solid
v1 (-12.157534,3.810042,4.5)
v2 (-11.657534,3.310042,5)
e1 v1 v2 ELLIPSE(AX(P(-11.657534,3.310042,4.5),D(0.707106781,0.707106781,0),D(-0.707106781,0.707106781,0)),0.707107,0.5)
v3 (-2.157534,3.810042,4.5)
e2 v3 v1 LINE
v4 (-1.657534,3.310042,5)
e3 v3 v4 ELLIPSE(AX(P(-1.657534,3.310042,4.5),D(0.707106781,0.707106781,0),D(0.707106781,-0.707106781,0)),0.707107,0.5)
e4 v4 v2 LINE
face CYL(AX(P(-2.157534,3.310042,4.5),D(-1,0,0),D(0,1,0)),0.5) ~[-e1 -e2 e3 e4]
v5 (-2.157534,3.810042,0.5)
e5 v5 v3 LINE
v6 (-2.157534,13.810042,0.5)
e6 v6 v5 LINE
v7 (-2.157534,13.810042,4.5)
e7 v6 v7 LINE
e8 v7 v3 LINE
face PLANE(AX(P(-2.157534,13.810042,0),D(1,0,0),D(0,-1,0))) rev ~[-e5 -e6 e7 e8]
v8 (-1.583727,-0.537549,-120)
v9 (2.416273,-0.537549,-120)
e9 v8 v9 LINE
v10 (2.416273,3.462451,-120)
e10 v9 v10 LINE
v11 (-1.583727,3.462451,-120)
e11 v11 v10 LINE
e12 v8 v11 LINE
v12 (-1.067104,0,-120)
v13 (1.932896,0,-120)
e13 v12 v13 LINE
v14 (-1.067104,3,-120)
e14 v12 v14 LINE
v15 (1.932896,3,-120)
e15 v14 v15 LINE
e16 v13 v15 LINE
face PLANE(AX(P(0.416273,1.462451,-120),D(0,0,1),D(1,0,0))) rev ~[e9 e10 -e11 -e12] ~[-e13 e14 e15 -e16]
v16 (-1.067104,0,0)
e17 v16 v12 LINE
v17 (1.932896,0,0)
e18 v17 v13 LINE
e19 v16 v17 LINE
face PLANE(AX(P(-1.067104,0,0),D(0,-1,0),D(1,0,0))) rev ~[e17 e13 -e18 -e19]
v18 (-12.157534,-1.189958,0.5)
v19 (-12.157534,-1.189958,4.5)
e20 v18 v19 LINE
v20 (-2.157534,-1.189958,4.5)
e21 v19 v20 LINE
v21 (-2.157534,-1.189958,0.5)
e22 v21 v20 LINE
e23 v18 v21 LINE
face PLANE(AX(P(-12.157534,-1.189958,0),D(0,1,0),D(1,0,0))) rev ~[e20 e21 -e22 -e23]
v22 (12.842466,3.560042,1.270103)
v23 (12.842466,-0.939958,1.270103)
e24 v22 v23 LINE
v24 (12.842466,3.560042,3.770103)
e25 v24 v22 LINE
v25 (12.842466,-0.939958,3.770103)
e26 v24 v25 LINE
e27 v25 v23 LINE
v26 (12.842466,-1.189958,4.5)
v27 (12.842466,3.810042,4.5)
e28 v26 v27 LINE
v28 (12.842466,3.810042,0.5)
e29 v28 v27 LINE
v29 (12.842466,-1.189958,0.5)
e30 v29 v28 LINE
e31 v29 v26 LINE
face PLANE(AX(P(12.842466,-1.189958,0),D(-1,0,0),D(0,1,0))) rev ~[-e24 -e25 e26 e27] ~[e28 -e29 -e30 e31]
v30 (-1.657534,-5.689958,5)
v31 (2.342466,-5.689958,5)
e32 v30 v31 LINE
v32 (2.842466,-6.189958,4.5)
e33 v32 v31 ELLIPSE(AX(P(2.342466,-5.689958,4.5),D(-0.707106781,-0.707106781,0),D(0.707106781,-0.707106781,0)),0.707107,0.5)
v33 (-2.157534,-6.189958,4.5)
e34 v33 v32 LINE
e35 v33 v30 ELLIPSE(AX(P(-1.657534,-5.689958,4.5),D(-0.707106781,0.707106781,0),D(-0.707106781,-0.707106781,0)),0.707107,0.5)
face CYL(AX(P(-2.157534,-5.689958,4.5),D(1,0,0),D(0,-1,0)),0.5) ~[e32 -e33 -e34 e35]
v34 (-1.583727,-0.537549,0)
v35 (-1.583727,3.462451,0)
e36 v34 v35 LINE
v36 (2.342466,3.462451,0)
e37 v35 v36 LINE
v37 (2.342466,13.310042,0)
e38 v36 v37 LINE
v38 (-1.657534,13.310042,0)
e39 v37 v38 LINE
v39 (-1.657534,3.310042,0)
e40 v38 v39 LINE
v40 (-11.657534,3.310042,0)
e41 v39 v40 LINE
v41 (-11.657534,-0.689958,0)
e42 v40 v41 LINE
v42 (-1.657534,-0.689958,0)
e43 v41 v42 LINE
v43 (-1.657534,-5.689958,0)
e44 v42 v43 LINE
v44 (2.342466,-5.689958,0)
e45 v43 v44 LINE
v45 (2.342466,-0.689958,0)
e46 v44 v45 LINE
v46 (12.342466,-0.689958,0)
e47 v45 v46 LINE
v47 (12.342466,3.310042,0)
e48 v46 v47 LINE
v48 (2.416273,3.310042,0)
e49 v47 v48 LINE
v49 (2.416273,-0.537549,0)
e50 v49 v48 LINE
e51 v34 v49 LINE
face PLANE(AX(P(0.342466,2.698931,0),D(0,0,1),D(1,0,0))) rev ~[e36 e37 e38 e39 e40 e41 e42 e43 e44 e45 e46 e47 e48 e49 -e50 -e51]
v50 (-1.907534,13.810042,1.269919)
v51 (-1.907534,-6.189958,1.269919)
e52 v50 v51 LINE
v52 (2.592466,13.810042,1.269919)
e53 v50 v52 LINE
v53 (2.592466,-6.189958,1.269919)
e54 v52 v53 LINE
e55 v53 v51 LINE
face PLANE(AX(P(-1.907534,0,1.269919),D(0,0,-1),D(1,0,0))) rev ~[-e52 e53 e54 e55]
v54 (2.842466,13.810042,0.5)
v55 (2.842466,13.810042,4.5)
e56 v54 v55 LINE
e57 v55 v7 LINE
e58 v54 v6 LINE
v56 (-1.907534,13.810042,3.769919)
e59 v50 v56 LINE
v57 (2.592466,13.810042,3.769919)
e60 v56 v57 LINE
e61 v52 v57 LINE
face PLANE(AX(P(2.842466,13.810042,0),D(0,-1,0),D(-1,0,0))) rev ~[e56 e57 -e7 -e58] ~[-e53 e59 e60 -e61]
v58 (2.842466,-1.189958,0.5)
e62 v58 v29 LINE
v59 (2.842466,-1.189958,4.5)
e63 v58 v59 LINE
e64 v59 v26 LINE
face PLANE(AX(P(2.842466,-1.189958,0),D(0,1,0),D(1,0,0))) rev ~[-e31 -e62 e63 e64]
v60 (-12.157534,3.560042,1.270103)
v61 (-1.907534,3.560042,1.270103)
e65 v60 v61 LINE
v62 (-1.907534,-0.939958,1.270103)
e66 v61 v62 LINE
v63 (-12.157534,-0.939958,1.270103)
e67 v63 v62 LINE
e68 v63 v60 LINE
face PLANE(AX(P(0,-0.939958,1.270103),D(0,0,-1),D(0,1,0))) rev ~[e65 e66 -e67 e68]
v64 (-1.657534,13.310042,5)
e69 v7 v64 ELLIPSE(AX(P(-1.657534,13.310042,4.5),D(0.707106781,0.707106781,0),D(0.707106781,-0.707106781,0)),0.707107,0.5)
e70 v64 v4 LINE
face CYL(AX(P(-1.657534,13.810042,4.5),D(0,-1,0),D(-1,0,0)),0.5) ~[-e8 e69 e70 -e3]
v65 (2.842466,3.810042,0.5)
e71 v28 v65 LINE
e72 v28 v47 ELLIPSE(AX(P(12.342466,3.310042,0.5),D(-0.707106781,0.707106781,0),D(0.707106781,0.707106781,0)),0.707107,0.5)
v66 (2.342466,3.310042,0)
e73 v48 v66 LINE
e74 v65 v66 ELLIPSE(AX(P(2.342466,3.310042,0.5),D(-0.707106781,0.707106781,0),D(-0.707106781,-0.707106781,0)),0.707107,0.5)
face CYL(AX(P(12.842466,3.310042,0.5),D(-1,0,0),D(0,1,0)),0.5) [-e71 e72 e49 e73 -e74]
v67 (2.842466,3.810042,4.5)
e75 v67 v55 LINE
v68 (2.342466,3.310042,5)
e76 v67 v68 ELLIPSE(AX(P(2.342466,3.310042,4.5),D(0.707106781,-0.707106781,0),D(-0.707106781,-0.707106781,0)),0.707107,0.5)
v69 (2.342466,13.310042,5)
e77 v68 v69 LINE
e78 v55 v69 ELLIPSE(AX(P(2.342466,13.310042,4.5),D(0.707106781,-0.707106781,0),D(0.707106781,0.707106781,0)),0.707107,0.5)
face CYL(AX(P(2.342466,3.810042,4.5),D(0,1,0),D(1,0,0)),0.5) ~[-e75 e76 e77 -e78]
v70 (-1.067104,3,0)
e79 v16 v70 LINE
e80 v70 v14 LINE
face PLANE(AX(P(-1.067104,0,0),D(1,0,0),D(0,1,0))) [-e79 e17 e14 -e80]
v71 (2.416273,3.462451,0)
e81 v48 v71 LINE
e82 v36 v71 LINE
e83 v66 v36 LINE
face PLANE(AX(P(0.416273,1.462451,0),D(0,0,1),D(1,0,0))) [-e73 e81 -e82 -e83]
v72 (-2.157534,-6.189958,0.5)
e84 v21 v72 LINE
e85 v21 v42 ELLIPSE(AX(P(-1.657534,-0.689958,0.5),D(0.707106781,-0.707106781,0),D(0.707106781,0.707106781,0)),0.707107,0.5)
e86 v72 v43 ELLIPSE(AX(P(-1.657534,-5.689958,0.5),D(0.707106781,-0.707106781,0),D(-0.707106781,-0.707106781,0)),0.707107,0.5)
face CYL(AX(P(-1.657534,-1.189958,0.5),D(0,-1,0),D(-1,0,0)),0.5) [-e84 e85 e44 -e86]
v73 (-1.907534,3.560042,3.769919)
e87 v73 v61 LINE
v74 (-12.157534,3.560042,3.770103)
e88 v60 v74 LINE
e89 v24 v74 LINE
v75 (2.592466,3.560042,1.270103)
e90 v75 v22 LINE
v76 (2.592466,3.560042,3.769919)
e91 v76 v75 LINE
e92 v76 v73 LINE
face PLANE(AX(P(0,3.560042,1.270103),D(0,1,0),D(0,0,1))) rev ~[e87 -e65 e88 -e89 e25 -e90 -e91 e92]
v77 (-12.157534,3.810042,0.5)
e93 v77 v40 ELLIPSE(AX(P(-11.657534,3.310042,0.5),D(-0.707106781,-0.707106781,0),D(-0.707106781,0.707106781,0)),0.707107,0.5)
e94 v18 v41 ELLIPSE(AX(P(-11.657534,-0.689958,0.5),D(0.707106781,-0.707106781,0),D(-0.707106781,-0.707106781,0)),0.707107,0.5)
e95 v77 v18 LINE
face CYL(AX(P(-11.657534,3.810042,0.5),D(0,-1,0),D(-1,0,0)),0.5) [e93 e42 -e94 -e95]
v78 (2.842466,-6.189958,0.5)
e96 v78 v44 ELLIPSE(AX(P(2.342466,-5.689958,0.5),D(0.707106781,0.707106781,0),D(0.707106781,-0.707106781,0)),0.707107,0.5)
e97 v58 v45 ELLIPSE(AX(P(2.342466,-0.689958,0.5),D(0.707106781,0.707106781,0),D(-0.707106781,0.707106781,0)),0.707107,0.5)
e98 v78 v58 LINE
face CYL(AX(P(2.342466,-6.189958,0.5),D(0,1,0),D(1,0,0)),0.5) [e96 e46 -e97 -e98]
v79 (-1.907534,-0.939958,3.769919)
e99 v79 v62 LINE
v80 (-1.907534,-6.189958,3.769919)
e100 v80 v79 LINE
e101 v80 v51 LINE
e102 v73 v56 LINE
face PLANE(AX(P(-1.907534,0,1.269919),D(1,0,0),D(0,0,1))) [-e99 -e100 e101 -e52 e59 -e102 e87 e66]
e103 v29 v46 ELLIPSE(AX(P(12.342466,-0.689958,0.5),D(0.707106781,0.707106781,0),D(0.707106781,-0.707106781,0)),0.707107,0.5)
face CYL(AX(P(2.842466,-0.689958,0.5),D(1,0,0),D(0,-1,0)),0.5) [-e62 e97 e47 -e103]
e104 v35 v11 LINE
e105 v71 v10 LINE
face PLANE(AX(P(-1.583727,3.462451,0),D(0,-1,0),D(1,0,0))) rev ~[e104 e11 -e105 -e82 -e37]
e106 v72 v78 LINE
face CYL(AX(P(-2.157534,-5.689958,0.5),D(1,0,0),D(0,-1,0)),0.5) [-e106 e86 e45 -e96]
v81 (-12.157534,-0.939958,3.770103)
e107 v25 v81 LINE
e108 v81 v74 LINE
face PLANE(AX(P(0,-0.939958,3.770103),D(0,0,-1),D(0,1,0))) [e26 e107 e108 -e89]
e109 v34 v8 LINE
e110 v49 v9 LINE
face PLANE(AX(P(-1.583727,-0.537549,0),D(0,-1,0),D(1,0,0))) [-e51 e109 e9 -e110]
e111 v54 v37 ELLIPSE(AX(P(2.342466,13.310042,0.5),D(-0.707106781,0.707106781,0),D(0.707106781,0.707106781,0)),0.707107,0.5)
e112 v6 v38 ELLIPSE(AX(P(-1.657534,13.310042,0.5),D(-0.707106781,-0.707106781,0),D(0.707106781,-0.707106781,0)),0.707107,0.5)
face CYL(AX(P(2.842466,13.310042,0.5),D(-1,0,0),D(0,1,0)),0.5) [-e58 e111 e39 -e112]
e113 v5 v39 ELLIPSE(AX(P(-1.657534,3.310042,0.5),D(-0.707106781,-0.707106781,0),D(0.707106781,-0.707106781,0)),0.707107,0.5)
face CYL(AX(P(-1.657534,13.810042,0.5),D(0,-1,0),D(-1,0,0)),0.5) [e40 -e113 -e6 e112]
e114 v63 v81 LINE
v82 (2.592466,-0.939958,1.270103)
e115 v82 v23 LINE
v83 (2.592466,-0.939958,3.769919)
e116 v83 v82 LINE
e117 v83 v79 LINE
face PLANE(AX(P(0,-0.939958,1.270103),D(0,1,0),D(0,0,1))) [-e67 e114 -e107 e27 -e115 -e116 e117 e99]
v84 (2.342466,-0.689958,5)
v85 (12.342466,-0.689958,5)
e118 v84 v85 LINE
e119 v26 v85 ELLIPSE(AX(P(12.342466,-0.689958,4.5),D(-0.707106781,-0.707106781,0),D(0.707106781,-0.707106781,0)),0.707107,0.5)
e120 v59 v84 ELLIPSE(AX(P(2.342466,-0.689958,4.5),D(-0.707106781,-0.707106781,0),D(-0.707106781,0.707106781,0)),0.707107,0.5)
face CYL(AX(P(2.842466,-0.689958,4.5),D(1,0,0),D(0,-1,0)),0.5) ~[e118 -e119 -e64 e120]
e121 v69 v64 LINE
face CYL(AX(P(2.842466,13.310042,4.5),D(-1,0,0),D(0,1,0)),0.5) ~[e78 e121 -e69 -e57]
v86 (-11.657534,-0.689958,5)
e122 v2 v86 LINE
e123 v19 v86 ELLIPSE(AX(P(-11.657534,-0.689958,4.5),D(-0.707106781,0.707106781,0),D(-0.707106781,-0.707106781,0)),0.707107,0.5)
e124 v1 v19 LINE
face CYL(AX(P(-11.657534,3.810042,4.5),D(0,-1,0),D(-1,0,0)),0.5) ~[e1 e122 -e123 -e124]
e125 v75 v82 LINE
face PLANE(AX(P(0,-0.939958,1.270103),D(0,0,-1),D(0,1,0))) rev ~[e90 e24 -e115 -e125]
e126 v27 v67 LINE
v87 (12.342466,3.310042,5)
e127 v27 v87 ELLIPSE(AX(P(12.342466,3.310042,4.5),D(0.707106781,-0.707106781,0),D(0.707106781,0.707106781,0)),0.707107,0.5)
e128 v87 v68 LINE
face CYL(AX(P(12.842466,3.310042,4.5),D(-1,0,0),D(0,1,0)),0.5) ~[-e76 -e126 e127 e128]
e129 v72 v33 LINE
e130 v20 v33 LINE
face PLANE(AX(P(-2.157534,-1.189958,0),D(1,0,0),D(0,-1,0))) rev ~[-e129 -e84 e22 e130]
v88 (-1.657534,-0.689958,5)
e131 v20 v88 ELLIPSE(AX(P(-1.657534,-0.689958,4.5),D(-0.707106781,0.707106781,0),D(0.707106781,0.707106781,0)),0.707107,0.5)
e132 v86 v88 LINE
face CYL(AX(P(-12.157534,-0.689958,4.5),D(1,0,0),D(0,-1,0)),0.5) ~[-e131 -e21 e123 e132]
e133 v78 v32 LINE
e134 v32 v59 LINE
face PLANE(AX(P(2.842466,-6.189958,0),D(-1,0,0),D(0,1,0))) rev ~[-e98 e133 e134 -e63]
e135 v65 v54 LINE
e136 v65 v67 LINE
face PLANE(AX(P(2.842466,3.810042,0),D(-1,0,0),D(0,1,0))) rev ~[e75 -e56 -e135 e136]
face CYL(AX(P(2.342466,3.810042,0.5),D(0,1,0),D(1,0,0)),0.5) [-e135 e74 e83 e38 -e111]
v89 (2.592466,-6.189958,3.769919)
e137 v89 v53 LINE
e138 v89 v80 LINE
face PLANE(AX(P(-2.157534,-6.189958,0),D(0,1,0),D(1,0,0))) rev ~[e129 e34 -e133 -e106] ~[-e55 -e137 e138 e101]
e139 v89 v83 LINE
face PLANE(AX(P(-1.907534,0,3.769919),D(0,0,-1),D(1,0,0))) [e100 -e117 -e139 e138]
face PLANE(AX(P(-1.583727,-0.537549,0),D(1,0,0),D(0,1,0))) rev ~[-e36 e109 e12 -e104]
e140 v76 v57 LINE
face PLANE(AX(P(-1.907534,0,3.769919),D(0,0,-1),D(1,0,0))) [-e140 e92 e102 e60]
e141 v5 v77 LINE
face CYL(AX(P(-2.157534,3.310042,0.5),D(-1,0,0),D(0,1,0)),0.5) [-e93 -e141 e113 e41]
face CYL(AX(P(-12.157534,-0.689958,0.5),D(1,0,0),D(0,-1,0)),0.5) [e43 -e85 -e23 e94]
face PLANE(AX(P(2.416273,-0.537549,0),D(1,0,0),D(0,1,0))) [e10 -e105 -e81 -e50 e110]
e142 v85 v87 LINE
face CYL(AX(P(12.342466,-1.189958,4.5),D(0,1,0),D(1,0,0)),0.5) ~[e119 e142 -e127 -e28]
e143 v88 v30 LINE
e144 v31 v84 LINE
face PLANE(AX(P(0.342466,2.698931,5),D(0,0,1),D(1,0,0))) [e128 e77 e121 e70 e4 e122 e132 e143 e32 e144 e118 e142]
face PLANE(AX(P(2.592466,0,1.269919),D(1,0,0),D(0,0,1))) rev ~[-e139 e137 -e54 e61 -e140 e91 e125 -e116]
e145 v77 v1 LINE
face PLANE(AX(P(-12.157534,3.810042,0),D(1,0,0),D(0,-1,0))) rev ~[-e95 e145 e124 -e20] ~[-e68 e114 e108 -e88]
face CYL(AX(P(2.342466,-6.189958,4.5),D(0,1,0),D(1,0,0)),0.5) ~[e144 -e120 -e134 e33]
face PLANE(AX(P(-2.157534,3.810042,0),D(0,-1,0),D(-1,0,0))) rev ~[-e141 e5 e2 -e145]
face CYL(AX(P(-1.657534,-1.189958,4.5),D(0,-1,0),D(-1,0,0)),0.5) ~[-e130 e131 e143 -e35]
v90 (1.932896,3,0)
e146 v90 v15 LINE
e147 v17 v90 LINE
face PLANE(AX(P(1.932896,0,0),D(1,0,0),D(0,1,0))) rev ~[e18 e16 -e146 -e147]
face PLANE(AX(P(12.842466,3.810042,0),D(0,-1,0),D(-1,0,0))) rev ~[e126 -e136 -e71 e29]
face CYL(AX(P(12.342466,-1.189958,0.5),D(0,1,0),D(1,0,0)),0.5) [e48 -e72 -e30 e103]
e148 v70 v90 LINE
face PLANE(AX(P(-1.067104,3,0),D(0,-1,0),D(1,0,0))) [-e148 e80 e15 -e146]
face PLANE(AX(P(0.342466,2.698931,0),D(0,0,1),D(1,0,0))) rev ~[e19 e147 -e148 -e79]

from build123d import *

# Parameters (mm, degrees)
F1_DEPTH = 5
F2_R     = 0.5
F3_W     = 4.5
F3_H     = 2.5
F4_DEPTH = 25
F5_W     = 4.5
F5_H     = 2.5
F6_DEPTH = 25
F7_W     = 4
F7_H     = 4
F7_W_2   = 3
F7_H_2   = 3
F8_DEPTH = 120


with BuildPart() as f1:
    # F0 (on Top) → F1 (new body)
    with BuildSketch(Plane.XY):
        Polygon((-2.157534, 3.810042), (-12.157534, 3.810042), (-12.157534, -1.189958), (-2.157534, -1.189958), (-2.157534, -6.189958), (2.842466, -6.189958), (2.842466, -1.189958), (12.842466, -1.189958), (12.842466, 3.810042), (2.842466, 3.810042), (2.842466, 13.810042), (-2.157534, 13.810042), align=None)
    extrude(amount=F1_DEPTH)

    # F2
    f2_edges = [f1.edges().sort_by_distance(p)[0] for p in [
        (-2.157534, 8.810042, 5),
        (-7.157534, 3.810042, 5),
        (-12.157534, 1.310042, 5),
        (-7.157534, -1.189958, 5),
        (-2.157534, -3.689958, 5),
        (0.342466, -6.189958, 5),
        (2.842466, -3.689958, 5),
        (7.842466, -1.189958, 5),
        (12.842466, 1.310042, 5),
        (7.842466, 3.810042, 5),
        (2.842466, 8.810042, 5),
        (0.342466, 13.810042, 5),
        (-2.157534, 8.810042, 0),
        (-7.157534, 3.810042, 0),
        (-12.157534, 1.310042, 0),
        (-7.157534, -1.189958, 0),
        (-2.157534, -3.689958, 0),
        (0.342466, -6.189958, 0),
        (2.842466, -3.689958, 0),
        (7.842466, -1.189958, 0),
        (12.842466, 1.310042, 0),
        (7.842466, 3.810042, 0),
        (2.842466, 8.810042, 0),
        (0.342466, 13.810042, 0),
    ]]
    fillet(f2_edges, radius=F2_R)

    # F3 (on Right) → F4 (cut, symmetric)
    with BuildSketch(Plane.YZ):
        with Locations((1.310042, 2.520103)):
            Rectangle(F3_W, F3_H)
    extrude(amount=F4_DEPTH, both=True, mode=Mode.SUBTRACT)

    # F5 (on Front) → F6 (cut, symmetric)
    with BuildSketch(Plane.XZ):
        with Locations((0.342466, 2.519919)):
            Rectangle(F5_W, F5_H)
    extrude(amount=F6_DEPTH, both=True, mode=Mode.SUBTRACT)

    # F7 (on Top) → F8 (join)
    with BuildSketch(Plane.XY):
        with Locations((0.416273, 1.462451)):
            Rectangle(F7_W, F7_H)
        with Locations((0.432896, 1.5)):
            Rectangle(F7_W_2, F7_H_2, mode=Mode.SUBTRACT)
    extrude(amount=-F8_DEPTH)


solid = f1.part
